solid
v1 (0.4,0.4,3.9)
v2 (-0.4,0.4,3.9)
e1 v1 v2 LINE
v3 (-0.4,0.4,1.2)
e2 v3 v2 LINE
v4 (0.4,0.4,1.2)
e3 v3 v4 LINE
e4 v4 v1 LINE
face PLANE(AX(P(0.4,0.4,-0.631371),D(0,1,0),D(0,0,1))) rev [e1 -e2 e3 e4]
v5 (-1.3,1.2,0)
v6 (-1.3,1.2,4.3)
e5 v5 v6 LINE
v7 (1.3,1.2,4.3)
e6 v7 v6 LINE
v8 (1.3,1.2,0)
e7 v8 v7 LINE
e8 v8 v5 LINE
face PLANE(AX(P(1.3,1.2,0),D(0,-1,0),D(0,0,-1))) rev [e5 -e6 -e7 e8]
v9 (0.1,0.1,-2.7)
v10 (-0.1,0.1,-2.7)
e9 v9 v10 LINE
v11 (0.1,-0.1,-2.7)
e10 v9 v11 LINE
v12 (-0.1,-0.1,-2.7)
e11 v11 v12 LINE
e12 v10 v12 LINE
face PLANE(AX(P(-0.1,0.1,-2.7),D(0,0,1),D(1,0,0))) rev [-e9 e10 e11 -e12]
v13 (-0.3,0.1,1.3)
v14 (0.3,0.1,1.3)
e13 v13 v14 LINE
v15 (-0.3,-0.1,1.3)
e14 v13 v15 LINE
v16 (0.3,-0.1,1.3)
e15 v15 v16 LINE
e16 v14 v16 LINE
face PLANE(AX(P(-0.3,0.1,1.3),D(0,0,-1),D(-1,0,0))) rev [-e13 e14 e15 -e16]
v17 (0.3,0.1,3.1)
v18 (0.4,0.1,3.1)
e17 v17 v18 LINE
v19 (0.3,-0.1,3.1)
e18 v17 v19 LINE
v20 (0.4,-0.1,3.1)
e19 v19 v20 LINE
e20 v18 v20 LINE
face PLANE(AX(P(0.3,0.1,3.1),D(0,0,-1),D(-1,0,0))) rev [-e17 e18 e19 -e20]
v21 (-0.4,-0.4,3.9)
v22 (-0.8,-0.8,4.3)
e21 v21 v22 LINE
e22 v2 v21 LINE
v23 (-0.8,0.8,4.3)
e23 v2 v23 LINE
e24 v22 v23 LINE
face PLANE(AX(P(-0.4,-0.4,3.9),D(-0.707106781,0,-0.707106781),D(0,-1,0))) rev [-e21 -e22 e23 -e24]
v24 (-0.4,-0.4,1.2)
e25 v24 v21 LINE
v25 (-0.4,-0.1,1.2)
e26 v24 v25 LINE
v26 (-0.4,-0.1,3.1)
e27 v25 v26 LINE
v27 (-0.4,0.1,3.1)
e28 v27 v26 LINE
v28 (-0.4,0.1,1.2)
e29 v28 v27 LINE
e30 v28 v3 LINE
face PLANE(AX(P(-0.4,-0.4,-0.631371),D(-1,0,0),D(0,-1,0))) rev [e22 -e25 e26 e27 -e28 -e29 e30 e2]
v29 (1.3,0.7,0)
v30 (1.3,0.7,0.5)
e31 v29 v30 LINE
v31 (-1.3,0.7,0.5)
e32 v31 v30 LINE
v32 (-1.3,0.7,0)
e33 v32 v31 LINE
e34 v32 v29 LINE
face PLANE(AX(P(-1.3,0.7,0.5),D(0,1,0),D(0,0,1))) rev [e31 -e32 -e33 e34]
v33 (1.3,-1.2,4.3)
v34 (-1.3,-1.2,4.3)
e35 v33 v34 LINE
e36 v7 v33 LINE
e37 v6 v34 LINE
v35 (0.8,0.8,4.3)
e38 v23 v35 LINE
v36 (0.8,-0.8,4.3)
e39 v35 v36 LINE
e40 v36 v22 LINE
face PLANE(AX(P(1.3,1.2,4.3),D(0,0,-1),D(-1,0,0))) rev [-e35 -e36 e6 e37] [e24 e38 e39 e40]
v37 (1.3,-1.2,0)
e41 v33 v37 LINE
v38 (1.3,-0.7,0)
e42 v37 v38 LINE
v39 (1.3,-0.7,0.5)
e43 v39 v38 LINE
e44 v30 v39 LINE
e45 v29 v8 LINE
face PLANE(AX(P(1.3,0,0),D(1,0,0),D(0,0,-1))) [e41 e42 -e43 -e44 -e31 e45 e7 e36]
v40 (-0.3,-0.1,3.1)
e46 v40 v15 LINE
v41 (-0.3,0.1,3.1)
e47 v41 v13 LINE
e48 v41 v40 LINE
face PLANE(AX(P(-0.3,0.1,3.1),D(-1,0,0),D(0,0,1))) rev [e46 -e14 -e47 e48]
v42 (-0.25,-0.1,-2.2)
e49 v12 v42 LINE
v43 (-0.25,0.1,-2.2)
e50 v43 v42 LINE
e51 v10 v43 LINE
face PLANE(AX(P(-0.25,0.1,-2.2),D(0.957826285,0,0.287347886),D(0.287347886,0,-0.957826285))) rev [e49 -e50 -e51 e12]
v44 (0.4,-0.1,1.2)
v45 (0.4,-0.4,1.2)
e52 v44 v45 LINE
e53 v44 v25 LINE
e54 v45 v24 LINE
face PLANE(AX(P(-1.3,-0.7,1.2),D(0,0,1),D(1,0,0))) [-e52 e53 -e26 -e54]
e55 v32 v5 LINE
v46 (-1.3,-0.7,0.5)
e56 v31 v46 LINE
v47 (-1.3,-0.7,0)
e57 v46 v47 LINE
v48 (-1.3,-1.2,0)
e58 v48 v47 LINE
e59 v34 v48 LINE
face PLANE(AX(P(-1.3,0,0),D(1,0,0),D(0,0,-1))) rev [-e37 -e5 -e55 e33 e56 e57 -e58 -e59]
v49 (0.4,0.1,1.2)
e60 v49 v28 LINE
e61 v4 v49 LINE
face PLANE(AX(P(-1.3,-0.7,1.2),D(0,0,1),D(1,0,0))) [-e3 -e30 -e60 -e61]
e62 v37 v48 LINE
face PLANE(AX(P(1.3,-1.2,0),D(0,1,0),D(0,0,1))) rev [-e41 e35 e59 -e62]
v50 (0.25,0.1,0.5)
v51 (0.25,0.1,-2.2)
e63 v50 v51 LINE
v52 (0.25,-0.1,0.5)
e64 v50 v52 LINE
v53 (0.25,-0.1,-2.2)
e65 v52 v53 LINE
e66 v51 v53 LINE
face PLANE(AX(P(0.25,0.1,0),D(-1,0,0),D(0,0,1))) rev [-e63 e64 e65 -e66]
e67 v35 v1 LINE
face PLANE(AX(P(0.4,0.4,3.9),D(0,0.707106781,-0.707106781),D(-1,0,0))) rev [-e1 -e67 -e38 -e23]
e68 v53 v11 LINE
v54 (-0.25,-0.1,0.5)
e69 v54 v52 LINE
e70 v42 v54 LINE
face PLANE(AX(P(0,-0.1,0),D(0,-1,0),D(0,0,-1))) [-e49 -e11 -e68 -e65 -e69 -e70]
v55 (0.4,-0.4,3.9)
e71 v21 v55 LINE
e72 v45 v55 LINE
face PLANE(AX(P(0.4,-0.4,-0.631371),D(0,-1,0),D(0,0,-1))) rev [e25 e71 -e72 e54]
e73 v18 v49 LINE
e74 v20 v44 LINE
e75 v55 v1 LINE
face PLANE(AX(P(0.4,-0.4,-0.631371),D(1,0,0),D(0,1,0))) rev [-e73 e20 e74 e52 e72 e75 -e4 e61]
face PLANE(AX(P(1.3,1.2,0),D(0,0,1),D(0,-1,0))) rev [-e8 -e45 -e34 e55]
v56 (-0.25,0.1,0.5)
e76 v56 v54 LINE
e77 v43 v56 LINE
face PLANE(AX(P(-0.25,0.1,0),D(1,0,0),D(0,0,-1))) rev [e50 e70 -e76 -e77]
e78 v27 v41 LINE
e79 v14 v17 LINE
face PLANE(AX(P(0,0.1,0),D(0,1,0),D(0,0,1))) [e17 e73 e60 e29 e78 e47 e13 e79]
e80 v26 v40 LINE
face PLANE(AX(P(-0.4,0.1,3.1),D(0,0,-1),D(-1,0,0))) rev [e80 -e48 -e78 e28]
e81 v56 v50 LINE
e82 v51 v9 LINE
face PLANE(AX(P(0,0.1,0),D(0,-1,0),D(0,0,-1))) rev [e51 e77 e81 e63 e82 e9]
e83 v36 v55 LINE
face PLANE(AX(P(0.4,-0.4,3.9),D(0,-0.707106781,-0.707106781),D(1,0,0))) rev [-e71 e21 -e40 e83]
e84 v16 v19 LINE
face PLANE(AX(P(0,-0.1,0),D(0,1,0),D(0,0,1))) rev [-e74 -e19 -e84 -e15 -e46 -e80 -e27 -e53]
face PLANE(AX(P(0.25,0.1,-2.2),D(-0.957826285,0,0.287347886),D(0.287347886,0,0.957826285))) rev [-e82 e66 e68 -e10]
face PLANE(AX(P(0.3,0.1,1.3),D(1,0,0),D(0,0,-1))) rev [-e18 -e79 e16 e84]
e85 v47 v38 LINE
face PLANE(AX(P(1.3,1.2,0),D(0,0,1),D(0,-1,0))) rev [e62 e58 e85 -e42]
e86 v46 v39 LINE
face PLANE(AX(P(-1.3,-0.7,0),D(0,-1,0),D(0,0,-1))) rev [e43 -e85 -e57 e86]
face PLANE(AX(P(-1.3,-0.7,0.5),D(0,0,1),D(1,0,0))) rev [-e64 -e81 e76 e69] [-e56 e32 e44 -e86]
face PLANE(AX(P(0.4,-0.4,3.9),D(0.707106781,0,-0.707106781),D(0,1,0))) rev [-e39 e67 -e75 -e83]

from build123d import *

# Parameters (mm, degrees)
SKETCH1_W           = 2.4
SKETCH1_H           = 4.3
BOSS_EXTRUDE1_DEPTH = 1.3
SKETCH_1_W          = 0.5
SKETCH_1_H          = 1.4
CUT_EXTRUDE_1_DEPTH = 6.166236541
SKETCH2_W           = 0.8
SKETCH2_H           = 0.8
CUT_EXTRUDE1_DEPTH  = 3.1
CHAMFER_1_SIZE      = 0.4
BOSS_EXTRUDE2_DEPTH = 0.1


with BuildPart() as part:
    # Sketch1 → Boss-Extrude1 (new, symmetric)
    with BuildSketch(Plane(origin=(0, 0, 0), x_dir=(0, -1, 0), z_dir=(1, 0, 0))):
        with Locations((0, -2.15)):
            Rectangle(SKETCH1_W, SKETCH1_H)
    extrude(amount=BOSS_EXTRUDE1_DEPTH, both=True)

    # Эскиз1 → Вырез-Вытянуть1 (cut, through all)
    with BuildSketch(Plane(origin=(1.3, 0, 0), x_dir=(0, 0, -1), z_dir=(1, 0, 0))):
        with Locations((-0.25, 0)):
            Rectangle(SKETCH_1_W, SKETCH_1_H)
    extrude(amount=-CUT_EXTRUDE_1_DEPTH, mode=Mode.SUBTRACT)

    # Sketch2 → Cut-Extrude1 (cut)
    with BuildSketch(Plane(origin=(0, 0, 4.3), x_dir=(-1, 0, 0), z_dir=(0, 0, 1))):
        Rectangle(SKETCH2_W, SKETCH2_H)
    extrude(amount=-CUT_EXTRUDE1_DEPTH, mode=Mode.SUBTRACT)

    # Фаска1
    chamfer_1_edges = [part.edges().sort_by_distance(p)[0] for p in [
        (-0.4, 0, 4.3),
        (0, -0.4, 4.3),
        (0.4, 0, 4.3),
        (0, 0.4, 4.3),
    ]]
    chamfer(chamfer_1_edges, length=CHAMFER_1_SIZE)

    # Sketch3 → Boss-Extrude2 (add, symmetric)
    with BuildSketch(Plane(origin=(0, 0, 0), x_dir=(1, 0, 0), z_dir=(0, 1, 0))):
        Polygon((-0.25, 0), (-0.25, 2.2), (-0.1, 2.7), (0.1, 2.7), (0.25, 2.2), (0.25, 0), (0.25, -0.5), (-0.25, -0.5), align=None)
        Polygon((0.4, -1.2), (-0.4, -1.2), (-0.4, -3.1), (-0.3, -3.1), (-0.3, -1.3), (0.3, -1.3), (0.3, -3.1), (0.4, -3.1), align=None)
    extrude(amount=BOSS_EXTRUDE2_DEPTH, both=True)


solid = part.part
